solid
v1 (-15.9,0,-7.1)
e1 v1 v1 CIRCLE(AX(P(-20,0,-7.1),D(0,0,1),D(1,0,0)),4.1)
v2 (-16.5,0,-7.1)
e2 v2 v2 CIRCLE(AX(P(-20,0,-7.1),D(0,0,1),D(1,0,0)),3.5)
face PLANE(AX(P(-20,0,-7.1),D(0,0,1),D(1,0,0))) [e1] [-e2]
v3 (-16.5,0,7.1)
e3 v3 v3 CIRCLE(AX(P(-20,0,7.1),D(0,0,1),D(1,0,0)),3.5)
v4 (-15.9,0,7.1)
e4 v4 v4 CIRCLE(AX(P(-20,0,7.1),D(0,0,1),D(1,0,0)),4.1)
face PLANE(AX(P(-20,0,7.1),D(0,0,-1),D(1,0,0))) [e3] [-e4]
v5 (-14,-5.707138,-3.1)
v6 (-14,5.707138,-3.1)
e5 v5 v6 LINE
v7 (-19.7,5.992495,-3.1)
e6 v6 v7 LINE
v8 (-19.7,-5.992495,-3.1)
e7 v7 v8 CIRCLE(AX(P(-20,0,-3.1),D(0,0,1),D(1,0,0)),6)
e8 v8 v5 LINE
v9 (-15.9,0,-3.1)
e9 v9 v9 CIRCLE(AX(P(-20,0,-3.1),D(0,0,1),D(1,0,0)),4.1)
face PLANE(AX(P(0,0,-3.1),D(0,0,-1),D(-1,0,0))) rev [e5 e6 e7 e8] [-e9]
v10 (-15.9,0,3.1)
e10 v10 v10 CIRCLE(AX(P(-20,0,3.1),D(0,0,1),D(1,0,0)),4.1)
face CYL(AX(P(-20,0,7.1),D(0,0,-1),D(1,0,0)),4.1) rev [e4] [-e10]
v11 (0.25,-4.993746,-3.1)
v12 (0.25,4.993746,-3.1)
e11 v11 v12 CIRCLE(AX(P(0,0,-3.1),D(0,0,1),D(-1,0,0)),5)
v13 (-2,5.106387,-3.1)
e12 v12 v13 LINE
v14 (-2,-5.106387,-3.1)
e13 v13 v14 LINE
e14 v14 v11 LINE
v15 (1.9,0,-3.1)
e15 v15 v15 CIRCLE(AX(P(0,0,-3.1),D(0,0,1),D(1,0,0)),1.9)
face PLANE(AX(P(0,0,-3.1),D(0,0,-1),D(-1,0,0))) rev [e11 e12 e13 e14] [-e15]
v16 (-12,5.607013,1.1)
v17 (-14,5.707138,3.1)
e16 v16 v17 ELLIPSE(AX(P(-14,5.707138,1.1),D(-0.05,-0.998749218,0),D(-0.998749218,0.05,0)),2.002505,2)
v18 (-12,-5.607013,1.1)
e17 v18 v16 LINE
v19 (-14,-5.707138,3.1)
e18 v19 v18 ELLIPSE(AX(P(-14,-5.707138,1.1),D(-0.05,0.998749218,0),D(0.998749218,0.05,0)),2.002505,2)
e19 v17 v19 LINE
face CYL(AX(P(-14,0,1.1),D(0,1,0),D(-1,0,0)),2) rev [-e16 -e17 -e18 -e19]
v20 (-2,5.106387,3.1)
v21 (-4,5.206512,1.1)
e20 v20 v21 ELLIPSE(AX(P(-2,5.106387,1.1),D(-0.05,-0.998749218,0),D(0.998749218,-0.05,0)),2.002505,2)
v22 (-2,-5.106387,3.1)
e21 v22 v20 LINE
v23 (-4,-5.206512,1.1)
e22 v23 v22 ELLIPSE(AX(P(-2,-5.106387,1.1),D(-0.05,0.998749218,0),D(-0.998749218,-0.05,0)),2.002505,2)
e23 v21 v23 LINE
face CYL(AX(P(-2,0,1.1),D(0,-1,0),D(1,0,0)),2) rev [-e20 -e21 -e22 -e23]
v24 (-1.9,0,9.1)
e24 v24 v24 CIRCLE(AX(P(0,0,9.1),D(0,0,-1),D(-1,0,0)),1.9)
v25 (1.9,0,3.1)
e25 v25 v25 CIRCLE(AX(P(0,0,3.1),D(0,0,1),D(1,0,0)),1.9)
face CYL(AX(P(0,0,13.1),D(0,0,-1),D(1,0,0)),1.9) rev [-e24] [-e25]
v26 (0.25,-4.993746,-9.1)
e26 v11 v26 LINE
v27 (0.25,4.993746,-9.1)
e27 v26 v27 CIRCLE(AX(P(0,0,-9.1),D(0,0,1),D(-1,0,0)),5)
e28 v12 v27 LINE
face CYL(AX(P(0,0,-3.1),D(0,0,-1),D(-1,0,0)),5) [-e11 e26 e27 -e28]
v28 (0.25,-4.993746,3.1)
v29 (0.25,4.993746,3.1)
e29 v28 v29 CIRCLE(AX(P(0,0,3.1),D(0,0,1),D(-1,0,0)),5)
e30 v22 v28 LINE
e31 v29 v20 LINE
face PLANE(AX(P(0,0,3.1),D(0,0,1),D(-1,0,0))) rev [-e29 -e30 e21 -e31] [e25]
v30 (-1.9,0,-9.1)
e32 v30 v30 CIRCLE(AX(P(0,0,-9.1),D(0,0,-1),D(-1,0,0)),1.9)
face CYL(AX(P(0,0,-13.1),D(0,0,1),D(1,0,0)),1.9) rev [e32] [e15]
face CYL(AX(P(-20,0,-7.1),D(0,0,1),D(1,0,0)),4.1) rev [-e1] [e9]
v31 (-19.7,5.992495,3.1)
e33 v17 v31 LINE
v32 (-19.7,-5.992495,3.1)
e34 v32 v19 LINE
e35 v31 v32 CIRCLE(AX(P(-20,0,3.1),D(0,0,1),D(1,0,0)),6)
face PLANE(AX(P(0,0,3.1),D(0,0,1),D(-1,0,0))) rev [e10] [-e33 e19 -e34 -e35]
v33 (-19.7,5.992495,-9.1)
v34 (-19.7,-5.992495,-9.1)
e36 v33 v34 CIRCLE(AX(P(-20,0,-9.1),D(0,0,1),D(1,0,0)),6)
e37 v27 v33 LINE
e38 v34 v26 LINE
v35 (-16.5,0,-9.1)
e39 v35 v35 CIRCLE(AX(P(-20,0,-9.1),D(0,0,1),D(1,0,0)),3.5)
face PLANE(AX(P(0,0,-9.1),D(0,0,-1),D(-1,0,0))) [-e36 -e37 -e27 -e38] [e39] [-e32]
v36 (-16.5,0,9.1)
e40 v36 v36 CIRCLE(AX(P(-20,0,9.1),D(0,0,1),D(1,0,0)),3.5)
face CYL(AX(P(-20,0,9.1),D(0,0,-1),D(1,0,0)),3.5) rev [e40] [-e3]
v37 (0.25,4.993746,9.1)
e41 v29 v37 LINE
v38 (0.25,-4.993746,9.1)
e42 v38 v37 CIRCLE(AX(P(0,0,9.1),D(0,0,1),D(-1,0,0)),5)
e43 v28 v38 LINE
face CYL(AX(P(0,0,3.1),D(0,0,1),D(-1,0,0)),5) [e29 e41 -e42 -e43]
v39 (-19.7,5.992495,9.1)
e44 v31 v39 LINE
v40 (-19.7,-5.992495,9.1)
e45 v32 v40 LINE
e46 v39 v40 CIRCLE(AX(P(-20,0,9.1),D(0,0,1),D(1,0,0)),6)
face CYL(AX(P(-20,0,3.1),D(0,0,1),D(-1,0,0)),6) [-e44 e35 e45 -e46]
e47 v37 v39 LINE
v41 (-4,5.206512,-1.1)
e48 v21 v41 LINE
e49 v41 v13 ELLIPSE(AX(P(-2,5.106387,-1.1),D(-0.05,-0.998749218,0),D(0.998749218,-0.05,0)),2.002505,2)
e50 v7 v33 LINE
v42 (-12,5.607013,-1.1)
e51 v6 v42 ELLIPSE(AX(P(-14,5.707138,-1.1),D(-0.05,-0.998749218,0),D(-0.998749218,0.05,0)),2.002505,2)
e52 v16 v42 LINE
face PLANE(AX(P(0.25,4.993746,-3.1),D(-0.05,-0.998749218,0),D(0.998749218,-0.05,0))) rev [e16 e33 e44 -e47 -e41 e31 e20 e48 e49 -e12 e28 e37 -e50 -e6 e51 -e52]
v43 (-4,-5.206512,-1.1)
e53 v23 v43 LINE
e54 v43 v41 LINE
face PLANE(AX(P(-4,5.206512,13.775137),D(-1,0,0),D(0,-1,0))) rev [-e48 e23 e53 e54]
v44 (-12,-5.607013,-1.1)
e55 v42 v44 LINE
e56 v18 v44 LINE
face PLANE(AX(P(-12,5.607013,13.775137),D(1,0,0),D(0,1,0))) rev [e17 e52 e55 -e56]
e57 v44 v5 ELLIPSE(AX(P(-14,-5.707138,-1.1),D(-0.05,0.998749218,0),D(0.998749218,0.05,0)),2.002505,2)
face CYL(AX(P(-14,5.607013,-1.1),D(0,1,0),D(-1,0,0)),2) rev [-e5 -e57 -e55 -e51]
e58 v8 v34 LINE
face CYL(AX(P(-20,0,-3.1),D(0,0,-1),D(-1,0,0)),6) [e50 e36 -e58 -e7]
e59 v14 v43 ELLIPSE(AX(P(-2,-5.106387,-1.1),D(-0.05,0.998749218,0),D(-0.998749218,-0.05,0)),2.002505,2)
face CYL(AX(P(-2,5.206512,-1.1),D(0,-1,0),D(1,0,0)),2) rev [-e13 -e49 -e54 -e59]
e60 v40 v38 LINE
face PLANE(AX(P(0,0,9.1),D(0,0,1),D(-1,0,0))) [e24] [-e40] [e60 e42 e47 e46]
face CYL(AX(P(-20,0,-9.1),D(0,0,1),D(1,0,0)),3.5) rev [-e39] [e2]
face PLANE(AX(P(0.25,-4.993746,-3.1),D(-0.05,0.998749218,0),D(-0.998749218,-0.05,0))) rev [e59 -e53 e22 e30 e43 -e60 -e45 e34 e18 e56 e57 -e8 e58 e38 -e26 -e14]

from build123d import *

# Parameters (mm, degrees)
EXTRUDE_START       = -9.1
EXTRUDE_1_DEPTH     = 6
SKETCH_4_R          = 4.1
CUT_EXTRUDE_3_DEPTH = 4
SKETCH_5_R          = 3.5
CUT_EXTRUDE_5_DEPTH = 28.349588662
SKETCH_6_R          = 1.9
CUT_EXTRUDE_6_DEPTH = 10
EXTRUDE_2_DEPTH     = 3.1
FILLET_1_R          = 2


with BuildPart() as part:
    # ｽｹｯﾁ1 → ﾎﾞｽ - 押し出し1 (new body)
    with BuildSketch(Plane.XY.offset(EXTRUDE_START)):
        with BuildLine():
            Line((0.25, 4.993746089), (-19.7, 5.992495307))
            ThreePointArc((-19.7, 5.992495307), (-26, 0), (-19.7, -5.992495307))
            Line((-19.7, -5.992495307), (0.25, -4.993746089))
            ThreePointArc((0.25, -4.993746089), (5, 0), (0.25, 4.993746089))
        make_face()
    extrude_1 = extrude(amount=EXTRUDE_1_DEPTH)

    # ｽｹｯﾁ4 → ｶｯﾄ - 押し出し3 (cut)
    with BuildSketch(Plane.XY.offset(-3.1)):
        with Locations((-20, 0)):
            Circle(SKETCH_4_R)
    cut_extrude_3 = extrude(amount=-CUT_EXTRUDE_3_DEPTH, mode=Mode.SUBTRACT)

    # ｽｹｯﾁ5 → ｶｯﾄ - 押し出し5 (cut, through all)
    with BuildSketch(Plane.XY.offset(-3.1)):
        with Locations((-20, 0)):
            Circle(SKETCH_5_R)
    cut_extrude_5 = extrude(amount=-CUT_EXTRUDE_5_DEPTH, mode=Mode.SUBTRACT)

    # ｽｹｯﾁ6 → ｶｯﾄ - 押し出し6 (cut)
    with BuildSketch(Plane.XY.offset(-3.1)):
        Circle(SKETCH_6_R)
    cut_extrude_6 = extrude(amount=-CUT_EXTRUDE_6_DEPTH, mode=Mode.SUBTRACT)

    # ｽｹｯﾁ7 → ﾎﾞｽ - 押し出し2 (add)
    with BuildSketch(Plane.XY.offset(-3.1)):
        Polygon((-4, 5.206512213), (-12, 5.607013152), (-12, -5.607013152), (-4, -5.206512213), align=None)
    extrude_2 = extrude(amount=EXTRUDE_2_DEPTH)

    # ﾐﾗｰ3: ﾎﾞｽ - 押し出し1, ｶｯﾄ - 押し出し3, ｶｯﾄ - 押し出し5, ｶｯﾄ - 押し出し6, ﾎﾞｽ - 押し出し2 across plane
    add(extrude_1.mirror(Plane.XY))
    add(cut_extrude_3.mirror(Plane.XY), mode=Mode.SUBTRACT)
    add(cut_extrude_5.mirror(Plane.XY), mode=Mode.SUBTRACT)
    add(cut_extrude_6.mirror(Plane.XY), mode=Mode.SUBTRACT)
    add(extrude_2.mirror(Plane.XY))

    # ﾌｨﾚｯﾄ1
    fillet_1_edges = [part.edges().sort_by_distance(p)[0] for p in [
        (-4, 0, -3.1),
        (-12, 0, -3.1),
        (-4, 0, 3.1),
        (-12, 0, 3.1),
    ]]
    fillet(fillet_1_edges, radius=FILLET_1_R)


solid = part.part
